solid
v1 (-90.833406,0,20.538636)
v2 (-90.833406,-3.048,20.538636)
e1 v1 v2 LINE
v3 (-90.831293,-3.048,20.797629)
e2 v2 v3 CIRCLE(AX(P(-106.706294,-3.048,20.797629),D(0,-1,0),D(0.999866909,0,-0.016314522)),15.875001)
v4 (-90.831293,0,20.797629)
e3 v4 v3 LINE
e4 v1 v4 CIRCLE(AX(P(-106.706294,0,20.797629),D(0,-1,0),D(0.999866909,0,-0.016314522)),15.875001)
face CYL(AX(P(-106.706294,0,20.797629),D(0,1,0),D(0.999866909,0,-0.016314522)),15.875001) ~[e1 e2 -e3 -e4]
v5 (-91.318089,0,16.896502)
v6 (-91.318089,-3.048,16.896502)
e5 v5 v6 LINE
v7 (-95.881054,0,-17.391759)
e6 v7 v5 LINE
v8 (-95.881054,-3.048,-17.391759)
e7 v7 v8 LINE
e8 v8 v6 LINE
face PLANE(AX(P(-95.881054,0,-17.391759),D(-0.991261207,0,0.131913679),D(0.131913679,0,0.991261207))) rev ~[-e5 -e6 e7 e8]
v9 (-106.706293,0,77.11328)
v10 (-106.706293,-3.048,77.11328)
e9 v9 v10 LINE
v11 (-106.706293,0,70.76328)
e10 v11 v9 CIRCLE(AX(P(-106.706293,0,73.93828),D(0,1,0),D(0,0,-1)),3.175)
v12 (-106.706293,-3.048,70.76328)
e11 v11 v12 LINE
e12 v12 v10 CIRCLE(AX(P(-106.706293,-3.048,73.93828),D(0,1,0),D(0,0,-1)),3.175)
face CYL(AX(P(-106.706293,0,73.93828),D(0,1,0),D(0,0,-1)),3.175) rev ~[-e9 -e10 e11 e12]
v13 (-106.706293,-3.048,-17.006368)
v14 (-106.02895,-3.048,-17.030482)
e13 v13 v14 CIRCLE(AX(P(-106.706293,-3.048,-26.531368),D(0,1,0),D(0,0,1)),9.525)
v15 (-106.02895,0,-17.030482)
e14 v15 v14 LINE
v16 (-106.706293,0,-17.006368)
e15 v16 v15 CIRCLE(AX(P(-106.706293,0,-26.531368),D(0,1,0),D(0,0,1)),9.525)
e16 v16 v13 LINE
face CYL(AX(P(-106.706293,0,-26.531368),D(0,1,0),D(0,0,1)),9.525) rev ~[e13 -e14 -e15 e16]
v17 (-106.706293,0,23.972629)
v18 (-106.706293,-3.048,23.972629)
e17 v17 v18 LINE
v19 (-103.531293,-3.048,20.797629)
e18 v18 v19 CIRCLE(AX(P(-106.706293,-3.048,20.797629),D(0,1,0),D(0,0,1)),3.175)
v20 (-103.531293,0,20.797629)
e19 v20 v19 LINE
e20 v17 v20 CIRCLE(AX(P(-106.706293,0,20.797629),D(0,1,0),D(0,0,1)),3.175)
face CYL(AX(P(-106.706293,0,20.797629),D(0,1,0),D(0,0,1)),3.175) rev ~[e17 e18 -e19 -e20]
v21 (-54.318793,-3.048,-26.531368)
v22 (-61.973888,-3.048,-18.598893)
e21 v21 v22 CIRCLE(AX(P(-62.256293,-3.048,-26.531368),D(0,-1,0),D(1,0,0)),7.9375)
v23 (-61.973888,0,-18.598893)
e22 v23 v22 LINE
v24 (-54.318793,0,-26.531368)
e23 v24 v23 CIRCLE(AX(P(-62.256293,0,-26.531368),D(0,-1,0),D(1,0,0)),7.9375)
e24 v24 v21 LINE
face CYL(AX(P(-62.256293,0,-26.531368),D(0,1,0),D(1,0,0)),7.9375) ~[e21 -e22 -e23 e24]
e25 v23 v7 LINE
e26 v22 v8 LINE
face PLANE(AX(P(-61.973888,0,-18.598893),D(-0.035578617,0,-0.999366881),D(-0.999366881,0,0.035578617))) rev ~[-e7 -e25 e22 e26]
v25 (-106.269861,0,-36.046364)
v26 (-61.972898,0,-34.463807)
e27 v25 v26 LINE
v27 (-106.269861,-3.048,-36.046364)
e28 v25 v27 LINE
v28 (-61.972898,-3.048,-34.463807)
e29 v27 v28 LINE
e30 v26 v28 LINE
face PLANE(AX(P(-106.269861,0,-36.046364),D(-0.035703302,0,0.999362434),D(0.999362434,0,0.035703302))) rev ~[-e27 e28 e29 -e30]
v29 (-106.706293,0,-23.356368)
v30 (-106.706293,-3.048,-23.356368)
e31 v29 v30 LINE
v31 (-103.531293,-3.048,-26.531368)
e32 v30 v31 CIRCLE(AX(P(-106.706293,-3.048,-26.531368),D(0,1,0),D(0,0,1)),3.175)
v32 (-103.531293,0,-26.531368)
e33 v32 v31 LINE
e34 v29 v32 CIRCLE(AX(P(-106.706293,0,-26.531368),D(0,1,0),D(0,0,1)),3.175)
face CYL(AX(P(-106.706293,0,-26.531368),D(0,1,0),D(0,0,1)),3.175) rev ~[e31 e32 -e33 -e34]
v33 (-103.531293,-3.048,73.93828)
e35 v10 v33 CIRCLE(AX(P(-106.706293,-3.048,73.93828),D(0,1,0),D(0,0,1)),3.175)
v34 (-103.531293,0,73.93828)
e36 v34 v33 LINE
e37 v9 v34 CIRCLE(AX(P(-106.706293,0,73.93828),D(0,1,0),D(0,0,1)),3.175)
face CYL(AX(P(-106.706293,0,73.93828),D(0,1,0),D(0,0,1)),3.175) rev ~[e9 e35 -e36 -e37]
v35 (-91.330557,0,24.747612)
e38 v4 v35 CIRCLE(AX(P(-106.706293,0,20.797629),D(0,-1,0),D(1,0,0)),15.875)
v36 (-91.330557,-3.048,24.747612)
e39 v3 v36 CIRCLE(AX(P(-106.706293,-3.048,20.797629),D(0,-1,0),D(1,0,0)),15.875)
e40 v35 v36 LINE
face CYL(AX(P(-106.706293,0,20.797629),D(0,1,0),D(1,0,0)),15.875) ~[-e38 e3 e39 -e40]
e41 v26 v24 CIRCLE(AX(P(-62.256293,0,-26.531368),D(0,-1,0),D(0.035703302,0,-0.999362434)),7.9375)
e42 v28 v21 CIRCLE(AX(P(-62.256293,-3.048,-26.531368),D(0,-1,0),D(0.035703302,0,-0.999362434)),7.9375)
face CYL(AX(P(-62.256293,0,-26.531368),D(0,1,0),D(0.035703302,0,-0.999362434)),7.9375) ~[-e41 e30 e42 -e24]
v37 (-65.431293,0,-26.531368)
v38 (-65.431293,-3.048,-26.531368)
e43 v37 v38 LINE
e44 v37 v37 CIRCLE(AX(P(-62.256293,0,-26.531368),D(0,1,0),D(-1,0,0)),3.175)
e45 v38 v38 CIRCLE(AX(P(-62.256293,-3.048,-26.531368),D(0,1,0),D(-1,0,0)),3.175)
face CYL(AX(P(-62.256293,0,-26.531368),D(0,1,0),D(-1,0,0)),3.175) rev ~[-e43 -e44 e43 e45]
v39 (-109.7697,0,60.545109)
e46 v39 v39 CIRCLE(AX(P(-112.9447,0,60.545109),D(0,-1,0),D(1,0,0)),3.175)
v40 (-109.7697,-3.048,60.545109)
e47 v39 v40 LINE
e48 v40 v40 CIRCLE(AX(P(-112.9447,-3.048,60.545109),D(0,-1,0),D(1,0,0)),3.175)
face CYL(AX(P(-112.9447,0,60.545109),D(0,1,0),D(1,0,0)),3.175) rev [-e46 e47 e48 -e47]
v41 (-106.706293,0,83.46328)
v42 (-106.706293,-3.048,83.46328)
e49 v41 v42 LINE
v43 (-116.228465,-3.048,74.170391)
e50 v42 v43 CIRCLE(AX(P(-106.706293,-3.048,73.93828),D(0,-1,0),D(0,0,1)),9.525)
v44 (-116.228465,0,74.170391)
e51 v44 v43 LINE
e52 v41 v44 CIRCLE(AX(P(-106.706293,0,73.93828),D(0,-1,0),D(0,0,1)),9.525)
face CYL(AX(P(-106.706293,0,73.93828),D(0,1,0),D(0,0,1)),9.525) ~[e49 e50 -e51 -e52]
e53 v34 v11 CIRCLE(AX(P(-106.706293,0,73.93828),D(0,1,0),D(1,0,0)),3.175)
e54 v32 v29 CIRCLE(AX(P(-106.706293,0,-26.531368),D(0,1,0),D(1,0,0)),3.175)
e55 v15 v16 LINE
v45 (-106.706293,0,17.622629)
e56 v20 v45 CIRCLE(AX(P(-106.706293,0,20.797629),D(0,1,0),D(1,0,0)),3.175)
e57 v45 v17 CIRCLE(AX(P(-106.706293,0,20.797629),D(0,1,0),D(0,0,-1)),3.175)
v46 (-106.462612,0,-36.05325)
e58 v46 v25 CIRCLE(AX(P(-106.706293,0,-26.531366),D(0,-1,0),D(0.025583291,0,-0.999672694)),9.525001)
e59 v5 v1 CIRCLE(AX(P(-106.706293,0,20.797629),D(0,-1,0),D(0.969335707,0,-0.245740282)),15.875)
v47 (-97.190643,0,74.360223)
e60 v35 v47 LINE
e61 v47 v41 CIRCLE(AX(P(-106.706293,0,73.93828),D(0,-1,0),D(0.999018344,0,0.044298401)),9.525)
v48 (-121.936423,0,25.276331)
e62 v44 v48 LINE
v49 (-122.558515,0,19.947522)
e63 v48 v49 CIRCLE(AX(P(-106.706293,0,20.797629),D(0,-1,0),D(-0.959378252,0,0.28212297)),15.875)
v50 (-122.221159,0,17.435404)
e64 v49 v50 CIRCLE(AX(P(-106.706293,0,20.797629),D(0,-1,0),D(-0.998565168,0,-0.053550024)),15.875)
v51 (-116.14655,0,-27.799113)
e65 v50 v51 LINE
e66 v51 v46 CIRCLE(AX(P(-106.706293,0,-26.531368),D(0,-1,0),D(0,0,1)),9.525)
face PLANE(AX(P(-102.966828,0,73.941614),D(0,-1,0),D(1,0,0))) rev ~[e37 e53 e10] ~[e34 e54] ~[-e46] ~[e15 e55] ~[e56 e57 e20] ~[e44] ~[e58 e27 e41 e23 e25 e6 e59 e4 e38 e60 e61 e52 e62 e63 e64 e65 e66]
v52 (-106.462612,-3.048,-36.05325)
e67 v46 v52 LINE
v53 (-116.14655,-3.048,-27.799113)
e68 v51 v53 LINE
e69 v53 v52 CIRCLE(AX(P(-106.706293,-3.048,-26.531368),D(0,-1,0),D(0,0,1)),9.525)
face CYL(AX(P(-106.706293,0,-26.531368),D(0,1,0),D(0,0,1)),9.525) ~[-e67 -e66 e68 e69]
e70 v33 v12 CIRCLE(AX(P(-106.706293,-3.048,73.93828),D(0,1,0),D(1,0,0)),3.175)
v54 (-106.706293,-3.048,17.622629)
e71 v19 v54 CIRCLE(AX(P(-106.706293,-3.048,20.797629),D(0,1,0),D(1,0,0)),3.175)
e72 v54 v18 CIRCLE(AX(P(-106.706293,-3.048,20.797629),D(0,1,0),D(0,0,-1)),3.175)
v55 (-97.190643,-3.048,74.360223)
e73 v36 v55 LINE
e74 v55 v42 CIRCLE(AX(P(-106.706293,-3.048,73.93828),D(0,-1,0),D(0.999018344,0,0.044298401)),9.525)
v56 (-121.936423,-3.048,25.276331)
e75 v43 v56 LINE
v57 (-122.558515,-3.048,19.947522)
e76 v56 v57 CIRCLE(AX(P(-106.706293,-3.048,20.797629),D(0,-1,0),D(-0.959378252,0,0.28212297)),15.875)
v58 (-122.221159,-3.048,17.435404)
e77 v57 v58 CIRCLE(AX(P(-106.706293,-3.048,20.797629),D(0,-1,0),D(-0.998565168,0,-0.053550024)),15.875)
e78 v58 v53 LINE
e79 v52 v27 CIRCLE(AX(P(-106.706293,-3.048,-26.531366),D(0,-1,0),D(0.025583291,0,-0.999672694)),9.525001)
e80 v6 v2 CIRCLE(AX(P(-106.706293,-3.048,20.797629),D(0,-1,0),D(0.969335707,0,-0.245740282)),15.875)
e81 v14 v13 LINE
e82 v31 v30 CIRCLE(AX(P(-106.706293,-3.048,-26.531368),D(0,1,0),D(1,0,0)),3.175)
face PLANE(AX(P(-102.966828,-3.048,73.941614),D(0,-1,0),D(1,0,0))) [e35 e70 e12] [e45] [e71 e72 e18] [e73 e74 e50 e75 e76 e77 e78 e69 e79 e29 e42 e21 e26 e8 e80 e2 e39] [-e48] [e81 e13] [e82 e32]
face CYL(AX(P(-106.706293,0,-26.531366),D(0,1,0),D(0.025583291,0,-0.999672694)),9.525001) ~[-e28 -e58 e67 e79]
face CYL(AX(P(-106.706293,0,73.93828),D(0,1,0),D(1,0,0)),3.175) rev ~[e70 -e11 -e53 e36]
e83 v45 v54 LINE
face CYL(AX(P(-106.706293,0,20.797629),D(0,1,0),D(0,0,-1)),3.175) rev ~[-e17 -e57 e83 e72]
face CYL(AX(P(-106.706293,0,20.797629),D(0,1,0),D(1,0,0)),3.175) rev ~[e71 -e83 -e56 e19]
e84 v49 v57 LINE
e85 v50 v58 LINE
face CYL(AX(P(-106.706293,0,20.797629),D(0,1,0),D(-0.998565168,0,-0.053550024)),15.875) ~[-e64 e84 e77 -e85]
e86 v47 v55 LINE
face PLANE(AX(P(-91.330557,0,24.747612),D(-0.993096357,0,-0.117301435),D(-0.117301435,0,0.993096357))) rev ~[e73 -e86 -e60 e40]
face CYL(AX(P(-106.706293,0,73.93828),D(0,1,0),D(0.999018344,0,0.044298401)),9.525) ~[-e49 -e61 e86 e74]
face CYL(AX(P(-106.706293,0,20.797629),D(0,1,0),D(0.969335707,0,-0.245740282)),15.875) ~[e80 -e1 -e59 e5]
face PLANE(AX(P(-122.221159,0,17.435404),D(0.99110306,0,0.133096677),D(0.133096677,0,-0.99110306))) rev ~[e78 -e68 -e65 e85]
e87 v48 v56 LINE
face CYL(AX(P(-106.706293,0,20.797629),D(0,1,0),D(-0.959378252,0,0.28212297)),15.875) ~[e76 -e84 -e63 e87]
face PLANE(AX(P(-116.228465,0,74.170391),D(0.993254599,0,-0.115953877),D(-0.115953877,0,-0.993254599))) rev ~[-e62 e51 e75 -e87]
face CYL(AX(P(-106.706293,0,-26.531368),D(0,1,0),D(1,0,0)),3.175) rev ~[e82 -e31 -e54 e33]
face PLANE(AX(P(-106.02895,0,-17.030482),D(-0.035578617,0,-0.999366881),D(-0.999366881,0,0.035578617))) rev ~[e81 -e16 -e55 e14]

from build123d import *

# Parameters (mm, degrees)
F0_R     = 3.175
F1_DEPTH = 3.048


with BuildPart() as f1:
    # F0 (on Front) → F1 (new body)
    with BuildSketch(Plane.XZ):
        with BuildLine():
            ThreePointArc((-97.190643335, 74.3602226092), (-100.121969827, 80.8210350642), (-106.7062930619, 83.463280344))
            Line((-106.7062930619, 83.463280344), (-106.7062930619, 77.113280344))
            ThreePointArc((-106.7062930619, 77.113280344), (-104.4612290316, 76.1833443743), (-103.5312930619, 73.938280344))
            ThreePointArc((-103.5312930619, 73.938280344), (-104.4612290316, 71.6932163137), (-106.7062930619, 70.763280344))
            Line((-106.7062930619, 70.763280344), (-106.7062930619, 64.413280344))
            ThreePointArc((-106.7062930619, 64.413280344), (-99.9711009711, 67.2030882532), (-97.1812930619, 73.938280344))
            ThreePointArc((-97.1812930619, 73.938280344), (-97.1836309171, 74.1493032709), (-97.190643335, 74.3602226092))
        make_face()
        with BuildLine():
            Line((-106.7062930619, 77.113280344), (-106.7062930619, 83.463280344))
            ThreePointArc((-106.7062930619, 83.463280344), (-113.3589155182, 80.7550419985), (-116.2284645394, 74.1703909904))
            ThreePointArc((-116.2284645394, 74.1703909904), (-113.5230547163, 67.2856578877), (-106.7062930619, 64.413280344))
            Line((-106.7062930619, 64.413280344), (-106.7062930619, 70.763280344))
            ThreePointArc((-106.7062930619, 70.763280344), (-109.8812930619, 73.938280344), (-106.7062930619, 77.113280344))
        make_face()
        with BuildLine():
            Line((-91.3305569208, 24.7476115825), (-97.190643335, 74.3602226092))
            ThreePointArc((-97.190643335, 74.3602226092), (-97.1836309171, 74.1493032709), (-97.1812930619, 73.938280344))
            ThreePointArc((-97.1812930619, 73.938280344), (-99.9711009711, 67.2030882532), (-106.7062930619, 64.413280344))
            Line((-106.7062930619, 64.413280344), (-106.7062930619, 36.6726289093))
            ThreePointArc((-106.7062930619, 36.6726289093), (-96.977221933, 33.3419822194), (-91.3305569208, 24.7476115825))
        make_face()
        with BuildLine():
            ThreePointArc((-106.7062930619, 64.413280344), (-113.5230547163, 67.2856578877), (-116.2284645394, 74.1703909904))
            Line((-116.2284645394, 74.1703909904), (-121.9364228074, 25.2763310577))
            ThreePointArc((-121.9364228074, 25.2763310577), (-116.2172401334, 33.5081564674), (-106.7062930619, 36.6726289093))
            Line((-106.7062930619, 36.6726289093), (-106.7062930619, 64.413280344))
        make_face()
        with Locations((-112.9446998239, 60.5451092124)):
            Circle(F0_R, mode=Mode.SUBTRACT)
        with BuildLine():
            Line((-90.8334058763, 20.5386358703), (-91.3305569208, 24.7476115825))
            ThreePointArc((-91.3305569208, 24.7476115825), (-96.977221933, 33.3419822194), (-106.7062930619, 36.6726289093))
            Line((-106.7062930619, 36.6726289093), (-106.7062930619, 23.9726289093))
            ThreePointArc((-106.7062930619, 23.9726289093), (-104.4612290316, 23.0426929396), (-103.5312930619, 20.7976289093))
            ThreePointArc((-103.5312930619, 20.7976289093), (-104.4612290316, 18.5525648791), (-106.7062930619, 17.6226289093))
            Line((-106.7062930619, 17.6226289093), (-106.7062930619, 4.9226289093))
            ThreePointArc((-106.7062930619, 4.9226289093), (-96.9573127505, 8.2687419721), (-91.3180887059, 16.8965019314))
            Line((-91.3180887059, 16.8965019314), (-90.8334058763, 20.5386358703))
        make_face()
        with BuildLine():
            ThreePointArc((-90.8312930619, 20.7976289093), (-90.9566036008, 22.7883340306), (-91.3305569208, 24.7476115825))
            Line((-91.3305569208, 24.7476115825), (-90.8334058763, 20.5386358703))
            ThreePointArc((-90.8334058763, 20.5386358703), (-90.8318212743, 20.6681280809), (-90.8312930619, 20.7976289093))
        make_face()
        with BuildLine():
            Line((-122.5585151056, 19.9475222821), (-121.9364228074, 25.2763310577))
            ThreePointArc((-121.9364228074, 25.2763310577), (-122.4742098212, 22.6383967032), (-122.5585151056, 19.9475222821))
        make_face()
        with BuildLine():
            ThreePointArc((-106.7062930619, 36.6726289093), (-116.2172401334, 33.5081564674), (-121.9364228074, 25.2763310577))
            Line((-121.9364228074, 25.2763310577), (-122.5585151056, 19.9475222821))
            Line((-122.5585151056, 19.9475222821), (-122.2211590079, 17.435403504))
            ThreePointArc((-122.2211590079, 17.435403504), (-116.6722425071, 8.4406277903), (-106.7062930619, 4.9226289093))
            Line((-106.7062930619, 4.9226289093), (-106.7062930619, 17.6226289093))
            ThreePointArc((-106.7062930619, 17.6226289093), (-109.8812930619, 20.7976289093), (-106.7062930619, 23.9726289093))
            Line((-106.7062930619, 23.9726289093), (-106.7062930619, 36.6726289093))
        make_face()
        with BuildLine():
            ThreePointArc((-91.3180887059, 16.8965019314), (-90.9700213942, 18.7034992571), (-90.8334058763, 20.5386358703))
            Line((-90.8334058763, 20.5386358703), (-91.3180887059, 16.8965019314))
        make_face()
        with BuildLine():
            Line((-122.2211590079, 17.435403504), (-122.5585151056, 19.9475222821))
            ThreePointArc((-122.5585151056, 19.9475222821), (-122.4400541325, 18.6847191686), (-122.2211590079, 17.435403504))
        make_face()
        with BuildLine():
            Line((-95.8810541015, -17.3917585872), (-91.3180887059, 16.8965019314))
            ThreePointArc((-91.3180887059, 16.8965019314), (-96.9573127505, 8.2687419721), (-106.7062930619, 4.9226289093))
            Line((-106.7062930619, 4.9226289093), (-106.7062930619, -17.0063675549))
            ThreePointArc((-106.7062930619, -17.0063675549), (-106.3674067324, -17.0123980174), (-106.028949514, -17.0304817689))
            Line((-106.028949514, -17.0304817689), (-95.8810541015, -17.3917585872))
        make_face()
        with BuildLine():
            ThreePointArc((-106.7062930619, 4.9226289093), (-116.6722425071, 8.4406277903), (-122.2211590079, 17.435403504))
            Line((-122.2211590079, 17.435403504), (-116.1465497043, -27.7991133993))
            ThreePointArc((-116.1465497043, -27.7991133993), (-113.8757039222, -20.2603889298), (-106.7062930619, -17.0063675549))
            Line((-106.7062930619, -17.0063675549), (-106.7062930619, 4.9226289093))
        make_face()
        with BuildLine():
            Line((-61.9738877873, -18.5988929403), (-95.8810541015, -17.3917585872))
            Line((-95.8810541015, -17.3917585872), (-97.0973222591, -26.5313675549))
            Line((-97.0973222591, -26.5313675549), (-70.1937930619, -26.5313675549))
            ThreePointArc((-70.1937930619, -26.5313675549), (-67.7682035466, -20.819734771), (-61.9738877873, -18.5988929403))
        make_face()
        with BuildLine():
            Line((-97.0973222591, -26.5313675549), (-95.8810541015, -17.3917585872))
            Line((-95.8810541015, -17.3917585872), (-106.028949514, -17.0304817689))
            ThreePointArc((-106.028949514, -17.0304817689), (-99.7357363304, -20.0400684666), (-97.1812930619, -26.5313675549))
            Line((-97.1812930619, -26.5313675549), (-97.0973222591, -26.5313675549))
        make_face()
        with BuildLine():
            ThreePointArc((-106.7062930619, -17.0063675549), (-113.8757039222, -20.2603889298), (-116.1465497043, -27.7991133993))
            ThreePointArc((-116.1465497043, -27.7991133993), (-112.8850424708, -33.78041444), (-106.4626122264, -36.053249966))
            Line((-106.4626122264, -36.053249966), (-106.269860848, -36.0463637148))
            ThreePointArc((-106.269860848, -36.0463637148), (-99.8185270294, -33.1104483479), (-97.1812930619, -26.5313675549))
            Line((-97.1812930619, -26.5313675549), (-103.5312930619, -26.5313675549))
            ThreePointArc((-103.5312930619, -26.5313675549), (-108.9513570922, -28.7764315852), (-106.7062930619, -23.3563675549))
            Line((-106.7062930619, -23.3563675549), (-106.7062930619, -17.0063675549))
        make_face()
        with BuildLine():
            Line((-70.1937930619, -26.5313675549), (-97.0973222591, -26.5313675549))
            Line((-97.0973222591, -26.5313675549), (-97.1812930619, -26.5313675549))
            ThreePointArc((-97.1812930619, -26.5313675549), (-99.8185270294, -33.1104483479), (-106.269860848, -36.0463637148))
            Line((-106.269860848, -36.0463637148), (-61.9728980991, -34.4638068736))
            ThreePointArc((-61.9728980991, -34.4638068736), (-67.7678472317, -32.2433441728), (-70.1937930619, -26.5313675549))
        make_face()
        with BuildLine():
            ThreePointArc((-54.3187930619, -26.5313675549), (-56.544660278, -21.0194570702), (-61.9738877873, -18.5988929403))
            ThreePointArc((-61.9738877873, -18.5988929403), (-67.7682035466, -20.819734771), (-70.1937930619, -26.5313675549))
            ThreePointArc((-70.1937930619, -26.5313675549), (-67.7678472317, -32.2433441728), (-61.9728980991, -34.4638068736))
            ThreePointArc((-61.9728980991, -34.4638068736), (-56.544316444, -32.0429217247), (-54.3187930619, -26.5313675549))
        make_face()
        with BuildLine():
            ThreePointArc((-59.0812930619, -26.5313675549), (-62.2562930619, -29.7063675549), (-65.4312930619, -26.5313675549))
            ThreePointArc((-65.4312930619, -26.5313675549), (-62.2562930619, -23.3563675549), (-59.0812930619, -26.5313675549))
        make_face(mode=Mode.SUBTRACT)
        with BuildLine():
            Line((-106.269860848, -36.0463637148), (-106.4626122264, -36.053249966))
            ThreePointArc((-106.4626122264, -36.053249966), (-106.3662191065, -36.0502947373), (-106.269860848, -36.0463637148))
        make_face()
        with BuildLine():
            Line((-106.028949514, -17.0304817689), (-106.7062930619, -17.0063675549))
            Line((-106.7062930619, -17.0063675549), (-106.7062930619, -23.3563675549))
            ThreePointArc((-106.7062930619, -23.3563675549), (-104.4612290316, -24.2863035246), (-103.5312930619, -26.5313675549))
            Line((-103.5312930619, -26.5313675549), (-97.1812930619, -26.5313675549))
            ThreePointArc((-97.1812930619, -26.5313675549), (-99.7357363304, -20.0400684666), (-106.028949514, -17.0304817689))
        make_face()
    extrude(amount=F1_DEPTH)


solid = f1.part
